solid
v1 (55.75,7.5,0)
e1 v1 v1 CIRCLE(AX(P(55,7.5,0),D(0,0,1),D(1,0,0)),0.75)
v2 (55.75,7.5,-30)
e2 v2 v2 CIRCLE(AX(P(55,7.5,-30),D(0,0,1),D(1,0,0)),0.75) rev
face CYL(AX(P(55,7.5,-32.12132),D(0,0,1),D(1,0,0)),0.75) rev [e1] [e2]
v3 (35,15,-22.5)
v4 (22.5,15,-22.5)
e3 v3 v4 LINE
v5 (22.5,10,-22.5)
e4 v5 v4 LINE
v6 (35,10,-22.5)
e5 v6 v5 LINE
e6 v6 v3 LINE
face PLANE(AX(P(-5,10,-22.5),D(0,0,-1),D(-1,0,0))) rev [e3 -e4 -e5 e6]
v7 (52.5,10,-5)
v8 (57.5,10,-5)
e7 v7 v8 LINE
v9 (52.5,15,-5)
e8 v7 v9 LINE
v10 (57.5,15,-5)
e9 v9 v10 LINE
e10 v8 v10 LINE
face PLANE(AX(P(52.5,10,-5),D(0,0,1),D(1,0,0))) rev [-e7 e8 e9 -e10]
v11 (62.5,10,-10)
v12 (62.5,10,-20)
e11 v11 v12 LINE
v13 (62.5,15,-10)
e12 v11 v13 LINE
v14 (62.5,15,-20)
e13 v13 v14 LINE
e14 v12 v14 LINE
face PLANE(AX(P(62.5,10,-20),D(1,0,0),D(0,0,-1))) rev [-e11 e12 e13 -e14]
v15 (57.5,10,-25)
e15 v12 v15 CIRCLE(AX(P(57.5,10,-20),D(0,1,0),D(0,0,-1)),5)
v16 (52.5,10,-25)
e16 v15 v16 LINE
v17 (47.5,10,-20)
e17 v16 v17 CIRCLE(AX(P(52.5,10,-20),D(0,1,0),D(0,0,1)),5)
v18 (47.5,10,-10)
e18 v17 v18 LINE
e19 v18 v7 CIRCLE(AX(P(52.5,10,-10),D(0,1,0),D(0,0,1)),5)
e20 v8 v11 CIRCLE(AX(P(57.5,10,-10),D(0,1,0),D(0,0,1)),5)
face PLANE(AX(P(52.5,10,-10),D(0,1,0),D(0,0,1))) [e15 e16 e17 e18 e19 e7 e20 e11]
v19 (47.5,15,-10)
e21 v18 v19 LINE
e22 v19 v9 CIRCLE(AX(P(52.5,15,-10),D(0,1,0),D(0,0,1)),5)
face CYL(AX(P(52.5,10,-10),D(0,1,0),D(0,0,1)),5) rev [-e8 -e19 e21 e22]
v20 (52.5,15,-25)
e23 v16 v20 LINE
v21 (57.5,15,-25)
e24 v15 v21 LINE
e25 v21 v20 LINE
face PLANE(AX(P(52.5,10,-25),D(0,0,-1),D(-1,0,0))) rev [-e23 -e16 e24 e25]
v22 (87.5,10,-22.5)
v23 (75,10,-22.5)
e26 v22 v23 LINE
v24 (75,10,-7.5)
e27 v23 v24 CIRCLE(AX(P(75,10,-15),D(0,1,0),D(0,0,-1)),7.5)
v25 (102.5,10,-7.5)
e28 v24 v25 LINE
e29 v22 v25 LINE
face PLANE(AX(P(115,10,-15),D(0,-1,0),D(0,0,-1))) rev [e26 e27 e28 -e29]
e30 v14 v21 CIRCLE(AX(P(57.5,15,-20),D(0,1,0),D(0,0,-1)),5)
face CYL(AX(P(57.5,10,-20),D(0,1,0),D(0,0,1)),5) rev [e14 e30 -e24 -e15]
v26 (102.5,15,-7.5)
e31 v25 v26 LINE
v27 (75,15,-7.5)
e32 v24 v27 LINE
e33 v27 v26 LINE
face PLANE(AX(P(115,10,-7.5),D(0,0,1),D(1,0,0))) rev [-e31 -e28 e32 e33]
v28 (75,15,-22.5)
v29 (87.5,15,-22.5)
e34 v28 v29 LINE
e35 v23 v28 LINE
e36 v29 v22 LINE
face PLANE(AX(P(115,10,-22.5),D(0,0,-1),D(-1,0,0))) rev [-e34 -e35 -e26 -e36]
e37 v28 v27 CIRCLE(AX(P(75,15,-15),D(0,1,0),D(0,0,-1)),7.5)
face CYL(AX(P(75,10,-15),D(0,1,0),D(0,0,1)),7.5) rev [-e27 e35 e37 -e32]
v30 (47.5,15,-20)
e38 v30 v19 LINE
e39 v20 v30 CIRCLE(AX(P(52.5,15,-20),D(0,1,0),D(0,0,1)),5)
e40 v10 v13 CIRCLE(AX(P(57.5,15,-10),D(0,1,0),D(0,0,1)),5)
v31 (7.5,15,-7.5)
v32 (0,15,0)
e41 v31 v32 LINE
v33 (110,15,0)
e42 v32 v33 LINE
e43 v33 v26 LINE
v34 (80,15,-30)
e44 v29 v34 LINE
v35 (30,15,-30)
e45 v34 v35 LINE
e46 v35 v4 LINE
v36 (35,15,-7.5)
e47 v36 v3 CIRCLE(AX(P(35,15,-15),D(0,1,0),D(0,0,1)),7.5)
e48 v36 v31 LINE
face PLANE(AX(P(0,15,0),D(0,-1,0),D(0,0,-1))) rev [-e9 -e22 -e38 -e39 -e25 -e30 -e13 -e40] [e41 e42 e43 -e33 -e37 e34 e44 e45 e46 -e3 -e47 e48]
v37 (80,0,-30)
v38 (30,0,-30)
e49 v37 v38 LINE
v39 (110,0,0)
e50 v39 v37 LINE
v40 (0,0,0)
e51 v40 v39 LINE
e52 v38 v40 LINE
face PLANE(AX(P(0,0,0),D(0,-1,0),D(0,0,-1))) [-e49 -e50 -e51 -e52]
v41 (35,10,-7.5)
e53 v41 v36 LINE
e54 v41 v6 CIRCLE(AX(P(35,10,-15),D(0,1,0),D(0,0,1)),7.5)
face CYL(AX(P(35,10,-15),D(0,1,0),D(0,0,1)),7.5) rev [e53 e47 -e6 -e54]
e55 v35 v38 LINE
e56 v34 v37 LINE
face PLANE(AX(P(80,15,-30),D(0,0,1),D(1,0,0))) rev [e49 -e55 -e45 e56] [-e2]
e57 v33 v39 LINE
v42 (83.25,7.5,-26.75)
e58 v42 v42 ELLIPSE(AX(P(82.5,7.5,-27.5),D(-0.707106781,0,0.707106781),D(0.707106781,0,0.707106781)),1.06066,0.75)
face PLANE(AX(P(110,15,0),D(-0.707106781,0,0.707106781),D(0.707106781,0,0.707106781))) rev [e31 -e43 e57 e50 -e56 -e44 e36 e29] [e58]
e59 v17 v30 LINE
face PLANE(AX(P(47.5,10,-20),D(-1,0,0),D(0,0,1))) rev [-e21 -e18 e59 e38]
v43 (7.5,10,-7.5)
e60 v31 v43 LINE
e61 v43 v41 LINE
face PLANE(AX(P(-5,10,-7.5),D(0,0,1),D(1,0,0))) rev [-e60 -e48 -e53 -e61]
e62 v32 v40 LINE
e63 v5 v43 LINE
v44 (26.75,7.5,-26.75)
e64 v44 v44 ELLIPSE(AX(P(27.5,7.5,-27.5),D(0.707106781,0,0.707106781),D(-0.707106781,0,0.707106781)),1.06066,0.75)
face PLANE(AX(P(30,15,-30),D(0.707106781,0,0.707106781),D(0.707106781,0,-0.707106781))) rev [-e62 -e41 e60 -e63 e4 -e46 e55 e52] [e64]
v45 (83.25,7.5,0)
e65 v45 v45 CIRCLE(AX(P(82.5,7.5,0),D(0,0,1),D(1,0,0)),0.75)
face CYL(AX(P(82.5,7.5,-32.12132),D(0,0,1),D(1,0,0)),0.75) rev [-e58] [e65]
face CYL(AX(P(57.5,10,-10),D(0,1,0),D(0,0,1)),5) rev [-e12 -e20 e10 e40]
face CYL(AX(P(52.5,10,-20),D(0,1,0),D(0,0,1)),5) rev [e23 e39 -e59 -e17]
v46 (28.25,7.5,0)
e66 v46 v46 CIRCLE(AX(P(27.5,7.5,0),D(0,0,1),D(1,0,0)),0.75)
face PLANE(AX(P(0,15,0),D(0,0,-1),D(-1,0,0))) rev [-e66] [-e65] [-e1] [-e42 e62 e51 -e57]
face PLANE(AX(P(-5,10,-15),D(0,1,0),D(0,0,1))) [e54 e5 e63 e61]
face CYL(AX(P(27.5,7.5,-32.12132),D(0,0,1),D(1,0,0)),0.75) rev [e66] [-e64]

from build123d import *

# Parameters (mm, degrees)
BOSS_EXTRUDE1_DEPTH = 15
CUT_EXTRUDE1_DEPTH  = 5
SKETCH3_R           = 0.75
CUT_EXTRUDE2_DEPTH  = 30
CUT_EXTRUDE3_DEPTH  = 5


with BuildPart() as part:
    # Sketch1 → Boss-Extrude1 (new body)
    with BuildSketch(Plane(origin=(0, 0, 0), x_dir=(1, 0, 0), z_dir=(0, 1, 0))):
        Polygon((0, 0), (110, 0), (80, 30), (30, 30), align=None)
    extrude(amount=BOSS_EXTRUDE1_DEPTH)

    # Sketch2 → Cut-Extrude1 (cut)
    with BuildSketch(Plane(origin=(0, 15, 0), x_dir=(1, 0, 0), z_dir=(0, 1, 0))):
        with BuildLine():
            Line((-5, 22.5), (35, 22.5))
            ThreePointArc((35, 22.5), (42.5, 15), (35, 7.5))
            Line((35, 7.5), (-5, 7.5))
            ThreePointArc((-5, 7.5), (-12.5, 15), (-5, 22.5))
        make_face()
        with BuildLine():
            Line((115, 22.5), (75, 22.5))
            ThreePointArc((75, 22.5), (67.5, 15), (75, 7.5))
            Line((75, 7.5), (115, 7.5))
            ThreePointArc((115, 7.5), (122.5, 15), (115, 22.5))
        make_face()
    extrude(amount=-CUT_EXTRUDE1_DEPTH, mode=Mode.SUBTRACT)

    # Sketch3 → Cut-Extrude2 (cut)
    with BuildSketch(Plane.XY):
        with Locations((27.5, 7.5)):
            Circle(SKETCH3_R)
        with Locations((55, 7.5)):
            Circle(SKETCH3_R)
        with Locations((82.5, 7.5)):
            Circle(SKETCH3_R)
    extrude(amount=-CUT_EXTRUDE2_DEPTH, mode=Mode.SUBTRACT)

    # Sketch4 → Cut-Extrude3 (cut)
    with BuildSketch(Plane(origin=(0, 15, 0), x_dir=(1, 0, 0), z_dir=(0, 1, 0))):
        with BuildLine():
            Line((52.5, 25), (57.5, 25))
            ThreePointArc((57.5, 25), (61.035533906, 23.535533906), (62.5, 20))
            Line((62.5, 20), (62.5, 10))
            ThreePointArc((62.5, 10), (61.035533906, 6.464466094), (57.5, 5))
            Line((57.5, 5), (52.5, 5))
            ThreePointArc((52.5, 5), (48.964466094, 6.464466094), (47.5, 10))
            Line((47.5, 10), (47.5, 20))
            ThreePointArc((47.5, 20), (48.964466094, 23.535533906), (52.5, 25))
        make_face()
    extrude(amount=-CUT_EXTRUDE3_DEPTH, mode=Mode.SUBTRACT)


solid = part.part
